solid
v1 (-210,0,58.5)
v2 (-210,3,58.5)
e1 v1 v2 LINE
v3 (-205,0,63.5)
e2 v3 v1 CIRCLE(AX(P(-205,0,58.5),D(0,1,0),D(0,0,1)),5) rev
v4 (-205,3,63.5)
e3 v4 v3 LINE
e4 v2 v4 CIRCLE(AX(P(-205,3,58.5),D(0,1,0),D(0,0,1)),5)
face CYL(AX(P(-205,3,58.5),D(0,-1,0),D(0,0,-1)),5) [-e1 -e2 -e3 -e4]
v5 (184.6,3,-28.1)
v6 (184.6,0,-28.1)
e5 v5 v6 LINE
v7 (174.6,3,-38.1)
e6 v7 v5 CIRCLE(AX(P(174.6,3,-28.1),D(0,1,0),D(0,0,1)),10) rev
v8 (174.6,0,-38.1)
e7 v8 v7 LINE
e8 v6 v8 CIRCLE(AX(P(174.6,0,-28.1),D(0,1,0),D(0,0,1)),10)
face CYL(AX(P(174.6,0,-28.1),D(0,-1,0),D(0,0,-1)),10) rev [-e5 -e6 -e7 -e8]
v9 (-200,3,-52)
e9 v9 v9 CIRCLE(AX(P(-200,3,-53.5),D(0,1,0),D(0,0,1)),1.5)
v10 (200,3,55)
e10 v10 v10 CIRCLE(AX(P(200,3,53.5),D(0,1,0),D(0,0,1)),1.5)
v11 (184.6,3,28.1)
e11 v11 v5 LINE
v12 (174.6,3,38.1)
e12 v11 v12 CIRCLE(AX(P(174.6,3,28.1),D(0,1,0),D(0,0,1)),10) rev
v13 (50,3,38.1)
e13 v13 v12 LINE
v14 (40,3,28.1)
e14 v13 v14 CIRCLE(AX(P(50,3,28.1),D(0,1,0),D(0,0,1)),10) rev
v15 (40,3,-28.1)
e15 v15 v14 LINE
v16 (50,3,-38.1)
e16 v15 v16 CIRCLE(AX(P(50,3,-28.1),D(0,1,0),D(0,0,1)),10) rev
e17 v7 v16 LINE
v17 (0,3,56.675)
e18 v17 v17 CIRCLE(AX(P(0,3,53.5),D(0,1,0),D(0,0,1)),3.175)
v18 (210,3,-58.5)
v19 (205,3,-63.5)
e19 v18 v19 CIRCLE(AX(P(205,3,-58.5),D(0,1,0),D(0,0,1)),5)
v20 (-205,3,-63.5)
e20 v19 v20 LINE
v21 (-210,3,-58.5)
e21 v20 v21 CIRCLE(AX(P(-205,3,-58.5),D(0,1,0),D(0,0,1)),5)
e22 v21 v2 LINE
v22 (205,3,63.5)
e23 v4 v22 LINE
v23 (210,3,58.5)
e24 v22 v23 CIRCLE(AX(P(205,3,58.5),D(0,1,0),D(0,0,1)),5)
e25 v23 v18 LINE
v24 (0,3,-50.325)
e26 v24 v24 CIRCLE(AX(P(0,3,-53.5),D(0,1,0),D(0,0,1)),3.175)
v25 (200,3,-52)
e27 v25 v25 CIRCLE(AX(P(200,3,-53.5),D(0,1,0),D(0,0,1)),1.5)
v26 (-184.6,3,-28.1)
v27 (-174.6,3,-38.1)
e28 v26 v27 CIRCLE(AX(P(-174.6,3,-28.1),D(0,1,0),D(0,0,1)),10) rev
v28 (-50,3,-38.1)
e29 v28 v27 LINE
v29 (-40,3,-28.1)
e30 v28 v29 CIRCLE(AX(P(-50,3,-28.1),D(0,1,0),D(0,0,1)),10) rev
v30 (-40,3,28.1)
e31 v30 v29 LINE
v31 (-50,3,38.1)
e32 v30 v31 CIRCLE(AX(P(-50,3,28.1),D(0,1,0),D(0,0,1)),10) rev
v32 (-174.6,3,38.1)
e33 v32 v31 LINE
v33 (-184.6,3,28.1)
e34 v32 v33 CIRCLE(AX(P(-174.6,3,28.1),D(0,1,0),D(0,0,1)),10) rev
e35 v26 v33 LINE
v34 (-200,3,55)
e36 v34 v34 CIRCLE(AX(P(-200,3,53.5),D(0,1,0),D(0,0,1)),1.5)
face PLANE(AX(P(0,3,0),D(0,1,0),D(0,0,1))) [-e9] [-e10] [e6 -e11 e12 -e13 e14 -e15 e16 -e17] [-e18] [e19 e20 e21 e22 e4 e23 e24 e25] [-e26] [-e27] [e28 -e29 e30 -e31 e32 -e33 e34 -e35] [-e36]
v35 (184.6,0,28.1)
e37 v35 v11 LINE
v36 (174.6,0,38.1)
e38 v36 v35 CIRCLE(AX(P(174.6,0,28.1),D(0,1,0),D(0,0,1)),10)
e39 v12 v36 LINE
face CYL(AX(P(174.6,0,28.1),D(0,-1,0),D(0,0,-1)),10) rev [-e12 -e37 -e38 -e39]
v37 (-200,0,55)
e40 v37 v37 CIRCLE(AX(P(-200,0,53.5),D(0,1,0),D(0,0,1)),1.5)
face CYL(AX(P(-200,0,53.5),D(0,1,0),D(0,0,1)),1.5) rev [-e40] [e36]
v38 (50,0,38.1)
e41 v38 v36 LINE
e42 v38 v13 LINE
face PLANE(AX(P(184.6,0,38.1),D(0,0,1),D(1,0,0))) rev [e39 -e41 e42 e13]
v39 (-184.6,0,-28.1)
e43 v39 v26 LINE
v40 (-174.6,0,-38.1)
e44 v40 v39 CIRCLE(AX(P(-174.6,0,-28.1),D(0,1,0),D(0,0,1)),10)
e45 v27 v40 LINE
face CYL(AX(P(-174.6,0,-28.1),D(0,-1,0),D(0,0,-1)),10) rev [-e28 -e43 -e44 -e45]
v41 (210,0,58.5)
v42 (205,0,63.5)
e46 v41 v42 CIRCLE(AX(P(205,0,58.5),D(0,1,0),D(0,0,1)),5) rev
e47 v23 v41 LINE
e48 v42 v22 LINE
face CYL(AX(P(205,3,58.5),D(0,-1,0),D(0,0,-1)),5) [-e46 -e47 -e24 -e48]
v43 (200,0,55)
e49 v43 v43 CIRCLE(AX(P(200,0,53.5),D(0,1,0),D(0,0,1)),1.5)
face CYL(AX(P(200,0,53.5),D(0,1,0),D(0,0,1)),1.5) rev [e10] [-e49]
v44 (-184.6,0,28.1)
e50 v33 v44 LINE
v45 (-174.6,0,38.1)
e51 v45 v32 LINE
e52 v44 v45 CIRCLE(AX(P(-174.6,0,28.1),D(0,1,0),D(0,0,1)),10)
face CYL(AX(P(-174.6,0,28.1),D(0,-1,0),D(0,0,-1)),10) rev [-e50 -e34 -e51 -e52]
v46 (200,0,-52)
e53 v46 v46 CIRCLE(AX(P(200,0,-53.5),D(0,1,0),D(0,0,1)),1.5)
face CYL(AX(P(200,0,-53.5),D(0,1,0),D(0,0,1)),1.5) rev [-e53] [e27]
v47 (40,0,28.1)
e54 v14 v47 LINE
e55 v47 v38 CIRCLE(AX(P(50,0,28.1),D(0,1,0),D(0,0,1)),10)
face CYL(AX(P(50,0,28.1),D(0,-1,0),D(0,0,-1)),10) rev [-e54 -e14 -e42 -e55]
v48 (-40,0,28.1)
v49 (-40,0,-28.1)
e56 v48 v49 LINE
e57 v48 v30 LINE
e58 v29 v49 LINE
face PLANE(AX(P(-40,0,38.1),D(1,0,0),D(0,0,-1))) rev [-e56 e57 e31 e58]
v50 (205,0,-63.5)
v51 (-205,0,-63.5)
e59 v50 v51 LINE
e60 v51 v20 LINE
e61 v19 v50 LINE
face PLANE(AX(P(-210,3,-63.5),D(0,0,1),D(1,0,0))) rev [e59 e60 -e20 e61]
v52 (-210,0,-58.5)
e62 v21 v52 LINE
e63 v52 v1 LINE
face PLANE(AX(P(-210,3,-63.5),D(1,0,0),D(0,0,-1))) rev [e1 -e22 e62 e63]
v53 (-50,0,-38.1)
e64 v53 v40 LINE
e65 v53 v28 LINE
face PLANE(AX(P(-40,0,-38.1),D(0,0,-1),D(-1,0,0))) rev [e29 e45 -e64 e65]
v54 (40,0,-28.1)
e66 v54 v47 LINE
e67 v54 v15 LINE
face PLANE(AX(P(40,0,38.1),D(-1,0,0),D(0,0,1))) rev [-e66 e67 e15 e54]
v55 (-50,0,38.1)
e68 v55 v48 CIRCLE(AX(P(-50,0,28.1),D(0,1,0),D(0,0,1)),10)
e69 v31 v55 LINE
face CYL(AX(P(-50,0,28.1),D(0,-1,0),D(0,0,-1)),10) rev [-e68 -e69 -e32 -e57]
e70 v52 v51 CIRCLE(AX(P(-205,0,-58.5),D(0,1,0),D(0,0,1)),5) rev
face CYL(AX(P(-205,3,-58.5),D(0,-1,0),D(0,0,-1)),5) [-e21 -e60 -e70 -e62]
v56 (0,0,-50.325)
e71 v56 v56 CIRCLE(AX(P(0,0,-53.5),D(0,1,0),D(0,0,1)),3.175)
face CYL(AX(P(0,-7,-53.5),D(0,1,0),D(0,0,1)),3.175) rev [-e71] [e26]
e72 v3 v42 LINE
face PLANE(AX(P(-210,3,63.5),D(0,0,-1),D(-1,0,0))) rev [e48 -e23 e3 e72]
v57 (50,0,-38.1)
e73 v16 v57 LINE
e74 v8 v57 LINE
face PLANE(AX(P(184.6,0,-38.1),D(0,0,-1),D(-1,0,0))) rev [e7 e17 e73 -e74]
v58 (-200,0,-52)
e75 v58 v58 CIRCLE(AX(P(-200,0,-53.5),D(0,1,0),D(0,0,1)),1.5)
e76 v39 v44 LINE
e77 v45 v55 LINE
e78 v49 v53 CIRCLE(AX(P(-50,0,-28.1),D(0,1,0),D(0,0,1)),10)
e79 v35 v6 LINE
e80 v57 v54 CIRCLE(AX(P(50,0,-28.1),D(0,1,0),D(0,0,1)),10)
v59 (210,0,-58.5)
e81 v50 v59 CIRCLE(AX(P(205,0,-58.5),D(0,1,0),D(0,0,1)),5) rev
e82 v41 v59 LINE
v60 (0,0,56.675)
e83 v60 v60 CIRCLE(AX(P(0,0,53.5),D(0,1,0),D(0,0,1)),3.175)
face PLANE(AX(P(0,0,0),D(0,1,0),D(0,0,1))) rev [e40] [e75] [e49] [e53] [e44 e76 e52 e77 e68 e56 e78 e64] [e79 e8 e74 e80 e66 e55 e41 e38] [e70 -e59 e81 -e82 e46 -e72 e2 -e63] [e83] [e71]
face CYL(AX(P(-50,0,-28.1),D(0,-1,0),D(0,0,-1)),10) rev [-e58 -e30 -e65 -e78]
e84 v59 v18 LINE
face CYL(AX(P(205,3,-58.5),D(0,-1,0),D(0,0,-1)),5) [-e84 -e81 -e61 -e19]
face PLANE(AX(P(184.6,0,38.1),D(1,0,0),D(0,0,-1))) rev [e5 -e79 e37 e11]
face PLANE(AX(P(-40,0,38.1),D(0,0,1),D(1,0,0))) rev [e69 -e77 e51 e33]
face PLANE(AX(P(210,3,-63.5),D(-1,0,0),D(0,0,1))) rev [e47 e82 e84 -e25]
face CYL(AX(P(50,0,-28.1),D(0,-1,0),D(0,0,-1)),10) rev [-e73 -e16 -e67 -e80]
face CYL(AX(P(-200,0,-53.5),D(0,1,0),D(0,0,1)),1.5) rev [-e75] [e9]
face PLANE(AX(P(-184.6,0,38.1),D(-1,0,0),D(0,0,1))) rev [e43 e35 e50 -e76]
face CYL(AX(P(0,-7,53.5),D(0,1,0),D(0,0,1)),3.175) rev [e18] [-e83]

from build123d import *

# Parameters (mm, degrees)
SKETCH1_W           = 420
SKETCH1_H           = 127
BOSS_EXTRUDE1_DEPTH = 3
FILLET1_R           = 5
SKETCH2_R           = 1.5
CUT_EXTRUDE1_DEPTH  = 3
SKETCH3_W           = 144.6
SKETCH3_H           = 76.2
CUT_EXTRUDE2_DEPTH  = 3
FILLET2_R           = 10
SKETCH4_R           = 3.175
CUT_EXTRUDE3_DEPTH  = 10


with BuildPart() as part:
    # Sketch1 → Boss-Extrude1 (new body)
    with BuildSketch(Plane(origin=(0, 0, 0), x_dir=(1, 0, 0), z_dir=(0, 1, 0))):
        Rectangle(SKETCH1_W, SKETCH1_H)
    extrude(amount=BOSS_EXTRUDE1_DEPTH)

    # Fillet1
    fillet1_edges = [part.edges().sort_by_distance(p)[0] for p in [
        (210, 1.5, 63.5),
        (-210, 1.5, 63.5),
        (-210, 1.5, -63.5),
        (210, 1.5, -63.5),
    ]]
    fillet(fillet1_edges, radius=FILLET1_R)

    # Sketch2 → Cut-Extrude1 (cut)
    with BuildSketch(Plane(origin=(0, 3, 0), x_dir=(1, 0, 0), z_dir=(0, 1, 0))):
        with Locations(Location((200, -53.5, 0), (0, 0, 270))):
            Circle(SKETCH2_R)
        with Locations(Location((-200, -53.5, 0), (0, 0, 270))):
            Circle(SKETCH2_R)
        with Locations(Location((-200, 53.5, 0), (0, 0, 270))):
            Circle(SKETCH2_R)
        with Locations(Location((200, 53.5, 0), (0, 0, 270))):
            Circle(SKETCH2_R)
    extrude(amount=-CUT_EXTRUDE1_DEPTH, mode=Mode.SUBTRACT)

    # Sketch3 → Cut-Extrude2 (cut)
    with BuildSketch(Plane(origin=(0, 3, 0), x_dir=(1, 0, 0), z_dir=(0, 1, 0))):
        with Locations((112.3, 0)):
            Rectangle(SKETCH3_W, SKETCH3_H)
        with Locations((-112.3, 0)):
            Rectangle(SKETCH3_W, SKETCH3_H)
    extrude(amount=-CUT_EXTRUDE2_DEPTH, mode=Mode.SUBTRACT)

    # Fillet2
    fillet2_edges = [part.edges().sort_by_distance(p)[0] for p in [
        (-184.6, 1.5, -38.1),
        (-40, 1.5, -38.1),
        (-40, 1.5, 38.1),
        (-184.6, 1.5, 38.1),
        (184.6, 1.5, -38.1),
        (184.6, 1.5, 38.1),
        (40, 1.5, 38.1),
        (40, 1.5, -38.1),
    ]]
    fillet(fillet2_edges, radius=FILLET2_R)

    # Sketch4 → Cut-Extrude3 (cut)
    with BuildSketch(Plane(origin=(0, 3, 0), x_dir=(1, 0, 0), z_dir=(0, 1, 0))):
        with Locations(Location((0, 53.5, 0), (0, 0, 270))):
            Circle(SKETCH4_R)
        with Locations(Location((0, -53.5, 0), (0, 0, 270))):
            Circle(SKETCH4_R)
    extrude(amount=-CUT_EXTRUDE3_DEPTH, mode=Mode.SUBTRACT)


solid = part.part
